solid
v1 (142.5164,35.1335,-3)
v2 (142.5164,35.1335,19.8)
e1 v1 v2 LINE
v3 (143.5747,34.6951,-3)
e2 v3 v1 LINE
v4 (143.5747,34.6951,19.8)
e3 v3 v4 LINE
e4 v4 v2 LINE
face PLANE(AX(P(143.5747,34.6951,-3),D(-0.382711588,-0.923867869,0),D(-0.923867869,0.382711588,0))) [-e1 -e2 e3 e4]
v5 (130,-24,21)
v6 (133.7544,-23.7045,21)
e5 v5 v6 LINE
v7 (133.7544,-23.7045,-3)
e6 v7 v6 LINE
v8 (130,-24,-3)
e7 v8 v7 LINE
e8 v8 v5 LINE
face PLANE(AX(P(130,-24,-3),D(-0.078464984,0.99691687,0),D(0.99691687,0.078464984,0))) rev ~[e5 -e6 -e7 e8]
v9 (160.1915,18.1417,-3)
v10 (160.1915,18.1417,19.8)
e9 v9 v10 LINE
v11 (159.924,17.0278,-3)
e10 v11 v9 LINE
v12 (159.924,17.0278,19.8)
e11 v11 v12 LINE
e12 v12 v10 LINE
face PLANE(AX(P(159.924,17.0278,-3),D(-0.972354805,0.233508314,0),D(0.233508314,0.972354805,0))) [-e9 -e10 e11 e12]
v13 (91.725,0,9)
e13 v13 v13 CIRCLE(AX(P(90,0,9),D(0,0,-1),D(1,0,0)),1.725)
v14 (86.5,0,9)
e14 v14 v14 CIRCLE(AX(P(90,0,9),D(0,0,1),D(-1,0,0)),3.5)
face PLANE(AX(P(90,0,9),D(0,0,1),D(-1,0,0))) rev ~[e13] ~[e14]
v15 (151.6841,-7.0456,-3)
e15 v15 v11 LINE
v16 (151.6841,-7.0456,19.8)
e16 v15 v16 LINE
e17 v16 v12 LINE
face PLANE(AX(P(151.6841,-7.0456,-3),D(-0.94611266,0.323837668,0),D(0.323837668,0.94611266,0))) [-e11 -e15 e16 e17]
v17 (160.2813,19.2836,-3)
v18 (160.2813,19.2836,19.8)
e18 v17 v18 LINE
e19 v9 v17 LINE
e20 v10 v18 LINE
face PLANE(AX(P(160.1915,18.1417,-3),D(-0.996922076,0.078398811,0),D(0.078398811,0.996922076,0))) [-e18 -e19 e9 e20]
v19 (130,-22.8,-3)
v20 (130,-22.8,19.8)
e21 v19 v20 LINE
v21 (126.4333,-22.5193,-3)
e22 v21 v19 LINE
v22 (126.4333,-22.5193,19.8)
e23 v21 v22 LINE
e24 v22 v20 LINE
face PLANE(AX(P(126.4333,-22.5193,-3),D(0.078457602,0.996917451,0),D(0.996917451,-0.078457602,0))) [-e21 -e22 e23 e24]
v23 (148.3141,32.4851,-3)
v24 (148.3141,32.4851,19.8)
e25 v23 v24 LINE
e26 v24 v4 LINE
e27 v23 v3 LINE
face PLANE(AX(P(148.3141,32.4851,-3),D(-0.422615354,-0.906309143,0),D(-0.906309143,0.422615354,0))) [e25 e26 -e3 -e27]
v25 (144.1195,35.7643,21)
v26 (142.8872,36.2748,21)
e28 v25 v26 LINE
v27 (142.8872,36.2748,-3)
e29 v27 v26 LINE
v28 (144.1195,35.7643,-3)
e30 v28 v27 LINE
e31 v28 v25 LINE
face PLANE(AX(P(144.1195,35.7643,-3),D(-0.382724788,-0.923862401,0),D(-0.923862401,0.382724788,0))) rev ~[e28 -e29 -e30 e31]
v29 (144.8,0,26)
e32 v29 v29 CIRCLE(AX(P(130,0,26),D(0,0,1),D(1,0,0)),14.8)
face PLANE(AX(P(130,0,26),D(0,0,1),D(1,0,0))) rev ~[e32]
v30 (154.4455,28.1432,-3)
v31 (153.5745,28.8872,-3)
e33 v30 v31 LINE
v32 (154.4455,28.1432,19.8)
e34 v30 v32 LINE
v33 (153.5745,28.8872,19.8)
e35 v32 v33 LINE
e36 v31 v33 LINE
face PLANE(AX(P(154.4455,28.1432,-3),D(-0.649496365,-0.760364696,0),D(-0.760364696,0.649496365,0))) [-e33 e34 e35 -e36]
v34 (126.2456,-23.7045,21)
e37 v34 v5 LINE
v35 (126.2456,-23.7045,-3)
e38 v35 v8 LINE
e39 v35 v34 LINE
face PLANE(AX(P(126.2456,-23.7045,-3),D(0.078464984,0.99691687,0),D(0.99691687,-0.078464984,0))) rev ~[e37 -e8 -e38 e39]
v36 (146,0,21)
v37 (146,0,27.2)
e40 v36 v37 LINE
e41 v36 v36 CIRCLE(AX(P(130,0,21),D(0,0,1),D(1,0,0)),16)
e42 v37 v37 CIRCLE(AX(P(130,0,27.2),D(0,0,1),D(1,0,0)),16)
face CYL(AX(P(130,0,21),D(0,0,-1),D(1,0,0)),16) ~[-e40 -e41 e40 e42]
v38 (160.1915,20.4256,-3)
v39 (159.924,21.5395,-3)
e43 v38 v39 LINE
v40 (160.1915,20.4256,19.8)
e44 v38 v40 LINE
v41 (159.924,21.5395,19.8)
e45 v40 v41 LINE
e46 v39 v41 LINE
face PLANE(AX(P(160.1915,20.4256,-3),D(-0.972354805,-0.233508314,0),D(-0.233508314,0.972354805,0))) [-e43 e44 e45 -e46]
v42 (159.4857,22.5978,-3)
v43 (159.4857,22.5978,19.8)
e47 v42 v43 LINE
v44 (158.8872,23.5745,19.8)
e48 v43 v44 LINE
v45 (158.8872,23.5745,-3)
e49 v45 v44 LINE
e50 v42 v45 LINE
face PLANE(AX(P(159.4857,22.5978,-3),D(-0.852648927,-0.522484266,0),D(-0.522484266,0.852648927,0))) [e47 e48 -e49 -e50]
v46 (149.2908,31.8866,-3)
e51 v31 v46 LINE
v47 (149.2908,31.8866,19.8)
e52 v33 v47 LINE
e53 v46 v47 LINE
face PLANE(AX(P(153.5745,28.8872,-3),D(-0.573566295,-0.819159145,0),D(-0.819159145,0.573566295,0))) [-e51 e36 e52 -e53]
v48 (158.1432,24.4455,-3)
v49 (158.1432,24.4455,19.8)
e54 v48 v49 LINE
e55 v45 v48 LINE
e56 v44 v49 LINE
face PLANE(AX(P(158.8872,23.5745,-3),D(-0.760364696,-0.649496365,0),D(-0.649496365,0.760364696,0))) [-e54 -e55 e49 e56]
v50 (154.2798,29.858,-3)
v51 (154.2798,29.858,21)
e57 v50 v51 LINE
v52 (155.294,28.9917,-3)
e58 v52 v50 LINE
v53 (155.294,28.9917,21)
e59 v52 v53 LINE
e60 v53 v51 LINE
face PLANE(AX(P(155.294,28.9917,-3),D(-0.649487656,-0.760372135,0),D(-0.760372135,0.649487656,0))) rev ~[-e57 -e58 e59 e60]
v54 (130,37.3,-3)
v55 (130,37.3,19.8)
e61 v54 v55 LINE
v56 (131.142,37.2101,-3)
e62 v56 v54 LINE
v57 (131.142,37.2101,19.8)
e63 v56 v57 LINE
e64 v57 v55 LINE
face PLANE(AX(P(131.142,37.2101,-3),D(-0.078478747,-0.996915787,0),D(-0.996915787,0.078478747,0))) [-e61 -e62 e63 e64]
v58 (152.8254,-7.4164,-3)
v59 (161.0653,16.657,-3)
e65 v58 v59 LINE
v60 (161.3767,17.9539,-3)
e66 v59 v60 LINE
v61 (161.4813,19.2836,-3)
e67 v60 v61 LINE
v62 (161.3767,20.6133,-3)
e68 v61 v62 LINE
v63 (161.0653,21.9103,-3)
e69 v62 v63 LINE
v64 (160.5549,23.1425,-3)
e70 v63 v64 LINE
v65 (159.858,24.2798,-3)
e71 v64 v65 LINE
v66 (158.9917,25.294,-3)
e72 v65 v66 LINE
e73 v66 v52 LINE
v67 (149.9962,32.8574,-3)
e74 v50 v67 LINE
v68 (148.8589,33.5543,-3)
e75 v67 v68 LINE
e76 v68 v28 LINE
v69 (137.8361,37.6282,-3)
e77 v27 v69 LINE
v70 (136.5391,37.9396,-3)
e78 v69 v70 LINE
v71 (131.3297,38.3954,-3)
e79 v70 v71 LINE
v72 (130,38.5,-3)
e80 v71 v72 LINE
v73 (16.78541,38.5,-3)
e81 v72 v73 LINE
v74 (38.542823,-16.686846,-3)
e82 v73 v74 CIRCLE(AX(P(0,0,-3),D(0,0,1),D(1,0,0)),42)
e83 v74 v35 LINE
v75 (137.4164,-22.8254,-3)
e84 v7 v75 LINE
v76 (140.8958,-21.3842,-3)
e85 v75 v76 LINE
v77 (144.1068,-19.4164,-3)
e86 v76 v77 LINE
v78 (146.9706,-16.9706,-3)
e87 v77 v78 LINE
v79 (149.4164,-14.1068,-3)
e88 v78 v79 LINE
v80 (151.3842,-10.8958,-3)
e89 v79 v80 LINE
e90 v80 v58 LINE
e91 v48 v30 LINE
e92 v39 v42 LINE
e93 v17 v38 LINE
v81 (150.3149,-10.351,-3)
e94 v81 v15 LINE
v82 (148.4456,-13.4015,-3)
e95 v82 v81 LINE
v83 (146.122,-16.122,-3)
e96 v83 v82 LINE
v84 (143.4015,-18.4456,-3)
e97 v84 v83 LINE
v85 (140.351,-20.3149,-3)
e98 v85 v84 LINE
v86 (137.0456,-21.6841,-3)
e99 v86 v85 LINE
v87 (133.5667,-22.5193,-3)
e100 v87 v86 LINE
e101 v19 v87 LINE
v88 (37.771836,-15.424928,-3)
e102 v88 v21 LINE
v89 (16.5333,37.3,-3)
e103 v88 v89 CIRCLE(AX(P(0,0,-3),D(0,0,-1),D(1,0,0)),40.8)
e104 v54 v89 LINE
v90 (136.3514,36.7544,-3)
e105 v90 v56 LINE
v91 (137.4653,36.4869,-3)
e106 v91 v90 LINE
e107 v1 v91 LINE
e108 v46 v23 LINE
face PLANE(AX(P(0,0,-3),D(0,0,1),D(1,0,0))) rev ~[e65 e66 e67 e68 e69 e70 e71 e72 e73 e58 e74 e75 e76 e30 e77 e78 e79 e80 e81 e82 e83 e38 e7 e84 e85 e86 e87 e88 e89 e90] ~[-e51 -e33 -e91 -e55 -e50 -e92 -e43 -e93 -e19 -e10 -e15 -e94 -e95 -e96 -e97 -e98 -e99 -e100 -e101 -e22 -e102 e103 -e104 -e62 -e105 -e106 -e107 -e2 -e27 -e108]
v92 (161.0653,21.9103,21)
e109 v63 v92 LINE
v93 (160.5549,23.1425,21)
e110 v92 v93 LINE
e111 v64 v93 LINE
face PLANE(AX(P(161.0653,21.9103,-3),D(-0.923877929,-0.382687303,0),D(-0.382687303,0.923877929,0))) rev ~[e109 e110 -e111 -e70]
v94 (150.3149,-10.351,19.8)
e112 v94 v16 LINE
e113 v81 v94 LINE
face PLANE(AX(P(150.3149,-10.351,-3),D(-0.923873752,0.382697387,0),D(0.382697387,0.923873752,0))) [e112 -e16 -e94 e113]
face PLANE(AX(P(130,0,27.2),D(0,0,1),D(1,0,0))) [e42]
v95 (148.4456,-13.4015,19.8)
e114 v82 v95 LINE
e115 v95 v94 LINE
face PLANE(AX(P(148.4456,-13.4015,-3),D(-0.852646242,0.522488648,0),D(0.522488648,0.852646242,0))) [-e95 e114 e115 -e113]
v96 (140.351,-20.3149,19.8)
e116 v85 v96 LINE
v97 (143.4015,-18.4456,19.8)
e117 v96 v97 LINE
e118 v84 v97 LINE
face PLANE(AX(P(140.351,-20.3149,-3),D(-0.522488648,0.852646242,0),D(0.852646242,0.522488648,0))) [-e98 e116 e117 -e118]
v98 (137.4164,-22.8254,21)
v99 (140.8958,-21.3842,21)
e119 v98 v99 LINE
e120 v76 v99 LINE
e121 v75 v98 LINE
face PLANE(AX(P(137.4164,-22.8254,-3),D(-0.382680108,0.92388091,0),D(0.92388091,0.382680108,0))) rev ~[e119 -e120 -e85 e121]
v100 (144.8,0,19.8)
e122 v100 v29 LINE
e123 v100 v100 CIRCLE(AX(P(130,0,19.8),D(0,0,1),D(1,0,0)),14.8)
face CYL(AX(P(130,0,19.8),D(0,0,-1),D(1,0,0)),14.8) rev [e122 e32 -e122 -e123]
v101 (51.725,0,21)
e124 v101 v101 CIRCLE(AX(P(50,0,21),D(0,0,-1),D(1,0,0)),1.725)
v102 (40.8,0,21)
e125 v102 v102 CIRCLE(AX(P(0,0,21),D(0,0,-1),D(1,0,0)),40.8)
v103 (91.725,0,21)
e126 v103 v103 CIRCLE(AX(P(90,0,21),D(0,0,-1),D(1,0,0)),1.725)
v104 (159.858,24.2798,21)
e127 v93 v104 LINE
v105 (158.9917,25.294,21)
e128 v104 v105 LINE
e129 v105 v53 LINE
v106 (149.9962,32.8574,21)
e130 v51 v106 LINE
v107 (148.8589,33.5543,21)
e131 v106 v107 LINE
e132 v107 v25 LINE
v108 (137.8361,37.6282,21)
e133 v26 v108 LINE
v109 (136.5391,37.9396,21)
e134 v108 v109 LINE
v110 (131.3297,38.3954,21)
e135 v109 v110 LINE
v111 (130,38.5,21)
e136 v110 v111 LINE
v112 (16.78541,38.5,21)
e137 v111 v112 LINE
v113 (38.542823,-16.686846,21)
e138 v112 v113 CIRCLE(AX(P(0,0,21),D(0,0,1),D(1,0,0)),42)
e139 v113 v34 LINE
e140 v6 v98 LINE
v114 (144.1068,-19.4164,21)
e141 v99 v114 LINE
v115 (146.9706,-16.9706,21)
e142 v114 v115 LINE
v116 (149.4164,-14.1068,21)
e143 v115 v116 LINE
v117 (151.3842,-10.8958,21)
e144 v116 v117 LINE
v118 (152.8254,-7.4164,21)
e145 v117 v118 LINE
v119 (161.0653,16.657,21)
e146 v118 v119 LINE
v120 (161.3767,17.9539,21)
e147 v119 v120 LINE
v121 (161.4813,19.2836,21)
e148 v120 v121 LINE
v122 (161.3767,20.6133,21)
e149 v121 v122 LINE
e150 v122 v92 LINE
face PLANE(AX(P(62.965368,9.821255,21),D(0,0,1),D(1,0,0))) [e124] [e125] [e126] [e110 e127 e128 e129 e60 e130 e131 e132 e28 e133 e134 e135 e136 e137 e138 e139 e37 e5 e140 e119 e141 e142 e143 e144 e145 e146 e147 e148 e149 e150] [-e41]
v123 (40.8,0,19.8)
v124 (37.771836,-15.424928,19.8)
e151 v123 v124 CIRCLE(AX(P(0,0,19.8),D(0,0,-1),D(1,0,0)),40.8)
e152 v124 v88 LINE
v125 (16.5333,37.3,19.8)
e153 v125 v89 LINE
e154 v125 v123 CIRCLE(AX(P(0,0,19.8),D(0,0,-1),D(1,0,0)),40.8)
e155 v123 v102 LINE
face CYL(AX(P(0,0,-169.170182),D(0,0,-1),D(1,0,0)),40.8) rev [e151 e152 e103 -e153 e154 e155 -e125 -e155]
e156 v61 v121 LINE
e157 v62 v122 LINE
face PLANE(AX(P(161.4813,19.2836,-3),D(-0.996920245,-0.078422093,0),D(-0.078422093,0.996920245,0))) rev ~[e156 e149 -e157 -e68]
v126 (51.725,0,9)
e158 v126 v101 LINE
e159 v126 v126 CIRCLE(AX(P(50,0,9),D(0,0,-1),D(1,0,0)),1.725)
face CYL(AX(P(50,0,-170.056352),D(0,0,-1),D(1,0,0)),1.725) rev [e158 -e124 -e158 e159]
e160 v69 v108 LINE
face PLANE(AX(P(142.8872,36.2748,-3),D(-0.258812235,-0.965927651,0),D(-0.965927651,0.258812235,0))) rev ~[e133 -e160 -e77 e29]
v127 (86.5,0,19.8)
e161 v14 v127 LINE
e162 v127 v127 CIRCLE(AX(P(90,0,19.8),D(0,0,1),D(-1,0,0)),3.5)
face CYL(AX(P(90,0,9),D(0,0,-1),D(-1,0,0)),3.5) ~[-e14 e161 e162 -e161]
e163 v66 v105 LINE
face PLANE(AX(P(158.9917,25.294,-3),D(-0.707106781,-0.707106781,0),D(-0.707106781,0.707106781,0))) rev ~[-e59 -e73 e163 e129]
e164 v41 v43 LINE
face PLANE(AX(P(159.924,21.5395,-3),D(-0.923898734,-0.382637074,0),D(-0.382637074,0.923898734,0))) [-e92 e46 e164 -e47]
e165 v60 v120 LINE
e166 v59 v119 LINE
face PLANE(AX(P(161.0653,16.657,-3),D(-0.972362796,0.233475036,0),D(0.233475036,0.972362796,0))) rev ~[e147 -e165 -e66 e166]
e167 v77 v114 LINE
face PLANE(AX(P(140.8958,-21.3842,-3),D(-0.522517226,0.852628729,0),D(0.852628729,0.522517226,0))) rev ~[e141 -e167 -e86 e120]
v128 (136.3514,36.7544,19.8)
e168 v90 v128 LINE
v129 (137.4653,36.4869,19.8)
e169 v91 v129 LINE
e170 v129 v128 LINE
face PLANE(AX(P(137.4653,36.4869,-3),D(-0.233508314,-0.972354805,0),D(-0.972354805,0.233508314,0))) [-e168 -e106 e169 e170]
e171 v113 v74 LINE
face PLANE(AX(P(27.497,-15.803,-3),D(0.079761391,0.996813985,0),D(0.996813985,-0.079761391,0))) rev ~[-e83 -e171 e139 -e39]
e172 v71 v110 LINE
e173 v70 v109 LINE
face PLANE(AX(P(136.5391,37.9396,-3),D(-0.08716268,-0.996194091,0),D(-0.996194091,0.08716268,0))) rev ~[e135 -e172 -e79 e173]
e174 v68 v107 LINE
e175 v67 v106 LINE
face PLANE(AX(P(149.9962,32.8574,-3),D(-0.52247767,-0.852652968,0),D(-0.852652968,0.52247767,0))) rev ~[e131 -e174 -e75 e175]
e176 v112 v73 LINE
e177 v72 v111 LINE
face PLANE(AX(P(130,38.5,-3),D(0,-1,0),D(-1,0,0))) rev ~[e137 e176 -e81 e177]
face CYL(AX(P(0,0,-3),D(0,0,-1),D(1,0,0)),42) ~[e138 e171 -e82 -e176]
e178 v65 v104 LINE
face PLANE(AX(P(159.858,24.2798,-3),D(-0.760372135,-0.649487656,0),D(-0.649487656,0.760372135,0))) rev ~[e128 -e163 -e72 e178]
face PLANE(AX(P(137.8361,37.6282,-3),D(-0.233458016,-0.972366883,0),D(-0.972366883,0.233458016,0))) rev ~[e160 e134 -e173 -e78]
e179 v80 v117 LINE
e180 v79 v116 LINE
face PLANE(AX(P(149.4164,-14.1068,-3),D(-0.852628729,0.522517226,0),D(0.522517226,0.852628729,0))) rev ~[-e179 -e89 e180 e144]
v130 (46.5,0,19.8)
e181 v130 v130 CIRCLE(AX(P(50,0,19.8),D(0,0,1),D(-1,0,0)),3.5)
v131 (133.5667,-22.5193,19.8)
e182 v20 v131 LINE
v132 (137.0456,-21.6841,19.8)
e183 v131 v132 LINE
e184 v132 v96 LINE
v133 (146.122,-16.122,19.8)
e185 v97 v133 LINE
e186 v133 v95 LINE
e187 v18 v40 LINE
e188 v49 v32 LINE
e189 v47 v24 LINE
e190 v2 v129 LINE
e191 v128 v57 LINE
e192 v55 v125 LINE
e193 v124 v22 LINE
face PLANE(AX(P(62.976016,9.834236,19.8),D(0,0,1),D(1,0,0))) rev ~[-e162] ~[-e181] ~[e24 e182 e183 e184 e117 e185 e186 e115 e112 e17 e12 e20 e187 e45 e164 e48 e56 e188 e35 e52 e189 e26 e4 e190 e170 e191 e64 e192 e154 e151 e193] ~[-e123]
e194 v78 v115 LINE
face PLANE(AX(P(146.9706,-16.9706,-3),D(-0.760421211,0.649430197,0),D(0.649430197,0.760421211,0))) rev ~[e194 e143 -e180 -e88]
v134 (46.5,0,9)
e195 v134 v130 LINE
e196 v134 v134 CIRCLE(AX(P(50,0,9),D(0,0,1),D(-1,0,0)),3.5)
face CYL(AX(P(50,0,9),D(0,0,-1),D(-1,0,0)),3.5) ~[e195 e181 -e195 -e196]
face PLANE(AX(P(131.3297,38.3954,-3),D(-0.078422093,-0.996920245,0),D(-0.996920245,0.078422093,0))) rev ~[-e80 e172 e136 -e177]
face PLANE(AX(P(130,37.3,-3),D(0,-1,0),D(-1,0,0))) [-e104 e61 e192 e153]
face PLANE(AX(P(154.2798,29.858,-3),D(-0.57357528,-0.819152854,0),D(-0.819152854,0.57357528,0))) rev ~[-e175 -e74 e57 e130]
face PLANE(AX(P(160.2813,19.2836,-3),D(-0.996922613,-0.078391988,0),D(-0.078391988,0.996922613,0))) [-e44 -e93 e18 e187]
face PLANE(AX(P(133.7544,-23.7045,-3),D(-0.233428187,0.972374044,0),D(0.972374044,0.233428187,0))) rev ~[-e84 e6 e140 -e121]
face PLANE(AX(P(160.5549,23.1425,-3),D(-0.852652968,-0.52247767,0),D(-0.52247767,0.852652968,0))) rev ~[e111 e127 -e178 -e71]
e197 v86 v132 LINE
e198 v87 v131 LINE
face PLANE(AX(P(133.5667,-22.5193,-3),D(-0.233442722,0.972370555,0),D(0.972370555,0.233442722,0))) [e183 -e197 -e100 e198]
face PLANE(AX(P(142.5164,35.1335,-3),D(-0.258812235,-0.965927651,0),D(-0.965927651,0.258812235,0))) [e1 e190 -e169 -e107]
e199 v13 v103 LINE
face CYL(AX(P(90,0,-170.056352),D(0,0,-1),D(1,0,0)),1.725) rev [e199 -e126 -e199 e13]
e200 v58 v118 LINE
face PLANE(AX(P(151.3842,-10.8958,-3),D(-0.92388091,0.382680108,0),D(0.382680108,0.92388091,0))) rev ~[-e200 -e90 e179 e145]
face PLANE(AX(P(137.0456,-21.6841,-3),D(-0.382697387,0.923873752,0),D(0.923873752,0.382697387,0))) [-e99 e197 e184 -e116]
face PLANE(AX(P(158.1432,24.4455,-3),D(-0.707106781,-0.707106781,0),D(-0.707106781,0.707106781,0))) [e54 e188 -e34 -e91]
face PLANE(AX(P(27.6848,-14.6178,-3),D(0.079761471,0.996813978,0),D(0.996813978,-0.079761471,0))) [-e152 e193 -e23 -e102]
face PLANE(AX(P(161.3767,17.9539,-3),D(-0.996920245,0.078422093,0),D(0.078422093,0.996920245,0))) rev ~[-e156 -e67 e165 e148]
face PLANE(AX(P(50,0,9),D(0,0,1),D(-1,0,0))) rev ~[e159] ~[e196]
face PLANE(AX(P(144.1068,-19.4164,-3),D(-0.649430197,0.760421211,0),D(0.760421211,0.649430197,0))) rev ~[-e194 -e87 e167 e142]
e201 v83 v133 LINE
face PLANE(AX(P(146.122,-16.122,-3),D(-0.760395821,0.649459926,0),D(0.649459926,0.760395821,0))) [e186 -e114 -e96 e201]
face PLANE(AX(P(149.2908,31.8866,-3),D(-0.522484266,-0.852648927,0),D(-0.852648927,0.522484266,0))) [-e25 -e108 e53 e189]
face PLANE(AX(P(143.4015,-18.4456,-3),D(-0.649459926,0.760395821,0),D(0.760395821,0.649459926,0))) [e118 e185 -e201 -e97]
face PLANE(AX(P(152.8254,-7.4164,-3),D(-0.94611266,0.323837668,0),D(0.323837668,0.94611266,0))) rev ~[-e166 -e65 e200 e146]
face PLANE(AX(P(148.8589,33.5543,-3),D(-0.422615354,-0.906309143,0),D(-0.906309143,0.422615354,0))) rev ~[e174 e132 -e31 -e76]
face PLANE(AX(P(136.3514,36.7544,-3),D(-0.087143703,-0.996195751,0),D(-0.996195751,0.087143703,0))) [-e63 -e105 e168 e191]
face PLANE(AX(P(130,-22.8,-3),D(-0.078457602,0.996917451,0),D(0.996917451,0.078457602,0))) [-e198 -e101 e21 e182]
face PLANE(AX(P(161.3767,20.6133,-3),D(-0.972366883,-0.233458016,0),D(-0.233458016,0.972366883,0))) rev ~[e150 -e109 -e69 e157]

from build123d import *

# Parameters (mm, degrees)
BOSS_EXTRUDE1_START     = -3
SKETCH1_R               = 42
BOSS_EXTRUDE1_DEPTH     = 24
BOSS_EXTRUDE2_START     = -3
BOSS_EXTRUDE2_DEPTH     = 24
CUT_EXTRUDE1_START      = -3
CUT_EXTRUDE1_DEPTH      = 22.8
CUT_EXTRUDE2_DEPTH      = 169.170182404
CUT_EXTRUDE2_DEPTH_BACK = 169.170182404
SKETCH4_R               = 40.8
BOSS_EXTRUDE3_START     = 21
SKETCH5_R               = 16
BOSS_EXTRUDE3_DEPTH     = 6.2
CUT_EXTRUDE3_START      = 19.8
SKETCH6_R               = 14.8
CUT_EXTRUDE3_DEPTH      = 6.2
BOSS_EXTRUDE4_START     = 9
SKETCH7_R               = 3.5
BOSS_EXTRUDE4_DEPTH     = 10.8
CUT_EXTRUDE4_DEPTH      = 170.05635229
CUT_EXTRUDE4_DEPTH_BACK = 170.05635229
SKETCH8_R               = 1.725


with BuildPart() as part:
    # Sketch1 → Boss-Extrude1 (new body)
    with BuildSketch(Plane.XY.offset(BOSS_EXTRUDE1_START)):
        Circle(SKETCH1_R)
    extrude(amount=BOSS_EXTRUDE1_DEPTH)

    # Sketch2 → Boss-Extrude2 (add)
    with BuildSketch(Plane.XY.offset(BOSS_EXTRUDE2_START)):
        Polygon((-38.5, 0), (-38.3954, -1.3297), (-38.084, -2.6266), (-37.5736, -3.8589), (-36.8766, -4.9962), (-36.0104, -6.0104), (-34.9962, -6.8766), (-33.8589, -7.5736), (-32.6266, -8.084), (-31.3297, -8.3954), (27.497, -15.803), (126.2456, -23.7045), (130, -24), (133.7544, -23.7045), (137.4164, -22.8254), (140.8958, -21.3842), (144.1068, -19.4164), (146.9706, -16.9706), (149.4164, -14.1068), (151.3842, -10.8958), (152.8254, -7.4164), (161.0653, 16.657), (161.3767, 17.9539), (161.4813, 19.2836), (161.3767, 20.6133), (161.0653, 21.9103), (160.5549, 23.1425), (159.858, 24.2798), (158.9917, 25.294), (155.294, 28.9917), (154.2798, 29.858), (149.9962, 32.8574), (148.8589, 33.5543), (144.1195, 35.7643), (142.8872, 36.2748), (137.8361, 37.6282), (136.5391, 37.9396), (131.3297, 38.3954), (130, 38.5), (0, 38.5), (-1.3297, 38.3954), (-6.5391, 37.9396), (-7.8361, 37.6282), (-12.8872, 36.2748), (-14.1195, 35.7643), (-18.8589, 33.5543), (-19.9962, 32.8574), (-24.2798, 29.858), (-25.294, 28.9917), (-28.9917, 25.294), (-29.858, 24.2798), (-32.8574, 19.9962), (-33.5543, 18.8589), (-35.7643, 14.1195), (-36.2748, 12.8872), (-37.6282, 7.8361), (-37.9396, 6.5391), (-38.3954, 1.3297), align=None)
    extrude(amount=BOSS_EXTRUDE2_DEPTH)

    # Sketch3 → Cut-Extrude1 (cut)
    with BuildSketch(Plane.XY.offset(CUT_EXTRUDE1_START)):
        Polygon((-37.3, 0), (-37.2101, -1.142), (-36.9427, -2.2558), (-36.5043, -3.3141), (-35.9058, -4.2908), (-35.1619, -5.1619), (-34.2908, -5.9058), (-33.3141, -6.5043), (-32.2558, -6.9427), (-31.142, -7.2101), (27.6848, -14.6178), (126.4333, -22.5193), (130, -22.8), (133.5667, -22.5193), (137.0456, -21.6841), (140.351, -20.3149), (143.4015, -18.4456), (146.122, -16.122), (148.4456, -13.4015), (150.3149, -10.351), (151.6841, -7.0456), (159.924, 17.0278), (160.1915, 18.1417), (160.2813, 19.2836), (160.1915, 20.4256), (159.924, 21.5395), (159.4857, 22.5978), (158.8872, 23.5745), (158.1432, 24.4455), (154.4455, 28.1432), (153.5745, 28.8872), (149.2908, 31.8866), (148.3141, 32.4851), (143.5747, 34.6951), (142.5164, 35.1335), (137.4653, 36.4869), (136.3514, 36.7544), (131.142, 37.2101), (130, 37.3), (0, 37.3), (-1.142, 37.2101), (-6.3514, 36.7544), (-7.4653, 36.4869), (-12.5164, 35.1335), (-13.5747, 34.6951), (-18.3141, 32.4851), (-19.2908, 31.8866), (-23.5745, 28.8872), (-24.4455, 28.1432), (-28.1432, 24.4455), (-28.8872, 23.5745), (-31.8866, 19.2908), (-32.4851, 18.3141), (-34.6951, 13.5747), (-35.1335, 12.5164), (-36.4869, 7.4653), (-36.7544, 6.3514), (-37.2101, 1.142), align=None)
    extrude(amount=CUT_EXTRUDE1_DEPTH, mode=Mode.SUBTRACT)

    # Sketch4 → Cut-Extrude2 (cut, two sides: drawn at the far end of the back side and taken through both)
    with BuildSketch(Plane.XY.offset(-CUT_EXTRUDE2_DEPTH_BACK)):
        Circle(SKETCH4_R)
    extrude(amount=CUT_EXTRUDE2_DEPTH + CUT_EXTRUDE2_DEPTH_BACK, mode=Mode.SUBTRACT)

    # Sketch5 → Boss-Extrude3 (add)
    with BuildSketch(Plane.XY.offset(BOSS_EXTRUDE3_START)):
        with Locations((130, 0)):
            Circle(SKETCH5_R)
    extrude(amount=BOSS_EXTRUDE3_DEPTH)

    # Sketch6 → Cut-Extrude3 (cut)
    with BuildSketch(Plane.XY.offset(CUT_EXTRUDE3_START)):
        with Locations((130, 0)):
            Circle(SKETCH6_R)
    extrude(amount=CUT_EXTRUDE3_DEPTH, mode=Mode.SUBTRACT)

    # Sketch7 → Boss-Extrude4 (add)
    with BuildSketch(Plane.XY.offset(BOSS_EXTRUDE4_START)):
        with Locations(Location((50, 0, 0), (0, 0, 180))):
            Circle(SKETCH7_R)
        with Locations(Location((90, 0, 0), (0, 0, 180))):
            Circle(SKETCH7_R)
    extrude(amount=BOSS_EXTRUDE4_DEPTH)

    # Sketch8 → Cut-Extrude4 (cut, two sides: drawn at the far end of the back side and taken through both)
    with BuildSketch(Plane.XY.offset(-CUT_EXTRUDE4_DEPTH_BACK)):
        with Locations((50, 0)):
            Circle(SKETCH8_R)
        with Locations((90, 0)):
            Circle(SKETCH8_R)
    extrude(amount=CUT_EXTRUDE4_DEPTH + CUT_EXTRUDE4_DEPTH_BACK, mode=Mode.SUBTRACT)


solid = part.part
